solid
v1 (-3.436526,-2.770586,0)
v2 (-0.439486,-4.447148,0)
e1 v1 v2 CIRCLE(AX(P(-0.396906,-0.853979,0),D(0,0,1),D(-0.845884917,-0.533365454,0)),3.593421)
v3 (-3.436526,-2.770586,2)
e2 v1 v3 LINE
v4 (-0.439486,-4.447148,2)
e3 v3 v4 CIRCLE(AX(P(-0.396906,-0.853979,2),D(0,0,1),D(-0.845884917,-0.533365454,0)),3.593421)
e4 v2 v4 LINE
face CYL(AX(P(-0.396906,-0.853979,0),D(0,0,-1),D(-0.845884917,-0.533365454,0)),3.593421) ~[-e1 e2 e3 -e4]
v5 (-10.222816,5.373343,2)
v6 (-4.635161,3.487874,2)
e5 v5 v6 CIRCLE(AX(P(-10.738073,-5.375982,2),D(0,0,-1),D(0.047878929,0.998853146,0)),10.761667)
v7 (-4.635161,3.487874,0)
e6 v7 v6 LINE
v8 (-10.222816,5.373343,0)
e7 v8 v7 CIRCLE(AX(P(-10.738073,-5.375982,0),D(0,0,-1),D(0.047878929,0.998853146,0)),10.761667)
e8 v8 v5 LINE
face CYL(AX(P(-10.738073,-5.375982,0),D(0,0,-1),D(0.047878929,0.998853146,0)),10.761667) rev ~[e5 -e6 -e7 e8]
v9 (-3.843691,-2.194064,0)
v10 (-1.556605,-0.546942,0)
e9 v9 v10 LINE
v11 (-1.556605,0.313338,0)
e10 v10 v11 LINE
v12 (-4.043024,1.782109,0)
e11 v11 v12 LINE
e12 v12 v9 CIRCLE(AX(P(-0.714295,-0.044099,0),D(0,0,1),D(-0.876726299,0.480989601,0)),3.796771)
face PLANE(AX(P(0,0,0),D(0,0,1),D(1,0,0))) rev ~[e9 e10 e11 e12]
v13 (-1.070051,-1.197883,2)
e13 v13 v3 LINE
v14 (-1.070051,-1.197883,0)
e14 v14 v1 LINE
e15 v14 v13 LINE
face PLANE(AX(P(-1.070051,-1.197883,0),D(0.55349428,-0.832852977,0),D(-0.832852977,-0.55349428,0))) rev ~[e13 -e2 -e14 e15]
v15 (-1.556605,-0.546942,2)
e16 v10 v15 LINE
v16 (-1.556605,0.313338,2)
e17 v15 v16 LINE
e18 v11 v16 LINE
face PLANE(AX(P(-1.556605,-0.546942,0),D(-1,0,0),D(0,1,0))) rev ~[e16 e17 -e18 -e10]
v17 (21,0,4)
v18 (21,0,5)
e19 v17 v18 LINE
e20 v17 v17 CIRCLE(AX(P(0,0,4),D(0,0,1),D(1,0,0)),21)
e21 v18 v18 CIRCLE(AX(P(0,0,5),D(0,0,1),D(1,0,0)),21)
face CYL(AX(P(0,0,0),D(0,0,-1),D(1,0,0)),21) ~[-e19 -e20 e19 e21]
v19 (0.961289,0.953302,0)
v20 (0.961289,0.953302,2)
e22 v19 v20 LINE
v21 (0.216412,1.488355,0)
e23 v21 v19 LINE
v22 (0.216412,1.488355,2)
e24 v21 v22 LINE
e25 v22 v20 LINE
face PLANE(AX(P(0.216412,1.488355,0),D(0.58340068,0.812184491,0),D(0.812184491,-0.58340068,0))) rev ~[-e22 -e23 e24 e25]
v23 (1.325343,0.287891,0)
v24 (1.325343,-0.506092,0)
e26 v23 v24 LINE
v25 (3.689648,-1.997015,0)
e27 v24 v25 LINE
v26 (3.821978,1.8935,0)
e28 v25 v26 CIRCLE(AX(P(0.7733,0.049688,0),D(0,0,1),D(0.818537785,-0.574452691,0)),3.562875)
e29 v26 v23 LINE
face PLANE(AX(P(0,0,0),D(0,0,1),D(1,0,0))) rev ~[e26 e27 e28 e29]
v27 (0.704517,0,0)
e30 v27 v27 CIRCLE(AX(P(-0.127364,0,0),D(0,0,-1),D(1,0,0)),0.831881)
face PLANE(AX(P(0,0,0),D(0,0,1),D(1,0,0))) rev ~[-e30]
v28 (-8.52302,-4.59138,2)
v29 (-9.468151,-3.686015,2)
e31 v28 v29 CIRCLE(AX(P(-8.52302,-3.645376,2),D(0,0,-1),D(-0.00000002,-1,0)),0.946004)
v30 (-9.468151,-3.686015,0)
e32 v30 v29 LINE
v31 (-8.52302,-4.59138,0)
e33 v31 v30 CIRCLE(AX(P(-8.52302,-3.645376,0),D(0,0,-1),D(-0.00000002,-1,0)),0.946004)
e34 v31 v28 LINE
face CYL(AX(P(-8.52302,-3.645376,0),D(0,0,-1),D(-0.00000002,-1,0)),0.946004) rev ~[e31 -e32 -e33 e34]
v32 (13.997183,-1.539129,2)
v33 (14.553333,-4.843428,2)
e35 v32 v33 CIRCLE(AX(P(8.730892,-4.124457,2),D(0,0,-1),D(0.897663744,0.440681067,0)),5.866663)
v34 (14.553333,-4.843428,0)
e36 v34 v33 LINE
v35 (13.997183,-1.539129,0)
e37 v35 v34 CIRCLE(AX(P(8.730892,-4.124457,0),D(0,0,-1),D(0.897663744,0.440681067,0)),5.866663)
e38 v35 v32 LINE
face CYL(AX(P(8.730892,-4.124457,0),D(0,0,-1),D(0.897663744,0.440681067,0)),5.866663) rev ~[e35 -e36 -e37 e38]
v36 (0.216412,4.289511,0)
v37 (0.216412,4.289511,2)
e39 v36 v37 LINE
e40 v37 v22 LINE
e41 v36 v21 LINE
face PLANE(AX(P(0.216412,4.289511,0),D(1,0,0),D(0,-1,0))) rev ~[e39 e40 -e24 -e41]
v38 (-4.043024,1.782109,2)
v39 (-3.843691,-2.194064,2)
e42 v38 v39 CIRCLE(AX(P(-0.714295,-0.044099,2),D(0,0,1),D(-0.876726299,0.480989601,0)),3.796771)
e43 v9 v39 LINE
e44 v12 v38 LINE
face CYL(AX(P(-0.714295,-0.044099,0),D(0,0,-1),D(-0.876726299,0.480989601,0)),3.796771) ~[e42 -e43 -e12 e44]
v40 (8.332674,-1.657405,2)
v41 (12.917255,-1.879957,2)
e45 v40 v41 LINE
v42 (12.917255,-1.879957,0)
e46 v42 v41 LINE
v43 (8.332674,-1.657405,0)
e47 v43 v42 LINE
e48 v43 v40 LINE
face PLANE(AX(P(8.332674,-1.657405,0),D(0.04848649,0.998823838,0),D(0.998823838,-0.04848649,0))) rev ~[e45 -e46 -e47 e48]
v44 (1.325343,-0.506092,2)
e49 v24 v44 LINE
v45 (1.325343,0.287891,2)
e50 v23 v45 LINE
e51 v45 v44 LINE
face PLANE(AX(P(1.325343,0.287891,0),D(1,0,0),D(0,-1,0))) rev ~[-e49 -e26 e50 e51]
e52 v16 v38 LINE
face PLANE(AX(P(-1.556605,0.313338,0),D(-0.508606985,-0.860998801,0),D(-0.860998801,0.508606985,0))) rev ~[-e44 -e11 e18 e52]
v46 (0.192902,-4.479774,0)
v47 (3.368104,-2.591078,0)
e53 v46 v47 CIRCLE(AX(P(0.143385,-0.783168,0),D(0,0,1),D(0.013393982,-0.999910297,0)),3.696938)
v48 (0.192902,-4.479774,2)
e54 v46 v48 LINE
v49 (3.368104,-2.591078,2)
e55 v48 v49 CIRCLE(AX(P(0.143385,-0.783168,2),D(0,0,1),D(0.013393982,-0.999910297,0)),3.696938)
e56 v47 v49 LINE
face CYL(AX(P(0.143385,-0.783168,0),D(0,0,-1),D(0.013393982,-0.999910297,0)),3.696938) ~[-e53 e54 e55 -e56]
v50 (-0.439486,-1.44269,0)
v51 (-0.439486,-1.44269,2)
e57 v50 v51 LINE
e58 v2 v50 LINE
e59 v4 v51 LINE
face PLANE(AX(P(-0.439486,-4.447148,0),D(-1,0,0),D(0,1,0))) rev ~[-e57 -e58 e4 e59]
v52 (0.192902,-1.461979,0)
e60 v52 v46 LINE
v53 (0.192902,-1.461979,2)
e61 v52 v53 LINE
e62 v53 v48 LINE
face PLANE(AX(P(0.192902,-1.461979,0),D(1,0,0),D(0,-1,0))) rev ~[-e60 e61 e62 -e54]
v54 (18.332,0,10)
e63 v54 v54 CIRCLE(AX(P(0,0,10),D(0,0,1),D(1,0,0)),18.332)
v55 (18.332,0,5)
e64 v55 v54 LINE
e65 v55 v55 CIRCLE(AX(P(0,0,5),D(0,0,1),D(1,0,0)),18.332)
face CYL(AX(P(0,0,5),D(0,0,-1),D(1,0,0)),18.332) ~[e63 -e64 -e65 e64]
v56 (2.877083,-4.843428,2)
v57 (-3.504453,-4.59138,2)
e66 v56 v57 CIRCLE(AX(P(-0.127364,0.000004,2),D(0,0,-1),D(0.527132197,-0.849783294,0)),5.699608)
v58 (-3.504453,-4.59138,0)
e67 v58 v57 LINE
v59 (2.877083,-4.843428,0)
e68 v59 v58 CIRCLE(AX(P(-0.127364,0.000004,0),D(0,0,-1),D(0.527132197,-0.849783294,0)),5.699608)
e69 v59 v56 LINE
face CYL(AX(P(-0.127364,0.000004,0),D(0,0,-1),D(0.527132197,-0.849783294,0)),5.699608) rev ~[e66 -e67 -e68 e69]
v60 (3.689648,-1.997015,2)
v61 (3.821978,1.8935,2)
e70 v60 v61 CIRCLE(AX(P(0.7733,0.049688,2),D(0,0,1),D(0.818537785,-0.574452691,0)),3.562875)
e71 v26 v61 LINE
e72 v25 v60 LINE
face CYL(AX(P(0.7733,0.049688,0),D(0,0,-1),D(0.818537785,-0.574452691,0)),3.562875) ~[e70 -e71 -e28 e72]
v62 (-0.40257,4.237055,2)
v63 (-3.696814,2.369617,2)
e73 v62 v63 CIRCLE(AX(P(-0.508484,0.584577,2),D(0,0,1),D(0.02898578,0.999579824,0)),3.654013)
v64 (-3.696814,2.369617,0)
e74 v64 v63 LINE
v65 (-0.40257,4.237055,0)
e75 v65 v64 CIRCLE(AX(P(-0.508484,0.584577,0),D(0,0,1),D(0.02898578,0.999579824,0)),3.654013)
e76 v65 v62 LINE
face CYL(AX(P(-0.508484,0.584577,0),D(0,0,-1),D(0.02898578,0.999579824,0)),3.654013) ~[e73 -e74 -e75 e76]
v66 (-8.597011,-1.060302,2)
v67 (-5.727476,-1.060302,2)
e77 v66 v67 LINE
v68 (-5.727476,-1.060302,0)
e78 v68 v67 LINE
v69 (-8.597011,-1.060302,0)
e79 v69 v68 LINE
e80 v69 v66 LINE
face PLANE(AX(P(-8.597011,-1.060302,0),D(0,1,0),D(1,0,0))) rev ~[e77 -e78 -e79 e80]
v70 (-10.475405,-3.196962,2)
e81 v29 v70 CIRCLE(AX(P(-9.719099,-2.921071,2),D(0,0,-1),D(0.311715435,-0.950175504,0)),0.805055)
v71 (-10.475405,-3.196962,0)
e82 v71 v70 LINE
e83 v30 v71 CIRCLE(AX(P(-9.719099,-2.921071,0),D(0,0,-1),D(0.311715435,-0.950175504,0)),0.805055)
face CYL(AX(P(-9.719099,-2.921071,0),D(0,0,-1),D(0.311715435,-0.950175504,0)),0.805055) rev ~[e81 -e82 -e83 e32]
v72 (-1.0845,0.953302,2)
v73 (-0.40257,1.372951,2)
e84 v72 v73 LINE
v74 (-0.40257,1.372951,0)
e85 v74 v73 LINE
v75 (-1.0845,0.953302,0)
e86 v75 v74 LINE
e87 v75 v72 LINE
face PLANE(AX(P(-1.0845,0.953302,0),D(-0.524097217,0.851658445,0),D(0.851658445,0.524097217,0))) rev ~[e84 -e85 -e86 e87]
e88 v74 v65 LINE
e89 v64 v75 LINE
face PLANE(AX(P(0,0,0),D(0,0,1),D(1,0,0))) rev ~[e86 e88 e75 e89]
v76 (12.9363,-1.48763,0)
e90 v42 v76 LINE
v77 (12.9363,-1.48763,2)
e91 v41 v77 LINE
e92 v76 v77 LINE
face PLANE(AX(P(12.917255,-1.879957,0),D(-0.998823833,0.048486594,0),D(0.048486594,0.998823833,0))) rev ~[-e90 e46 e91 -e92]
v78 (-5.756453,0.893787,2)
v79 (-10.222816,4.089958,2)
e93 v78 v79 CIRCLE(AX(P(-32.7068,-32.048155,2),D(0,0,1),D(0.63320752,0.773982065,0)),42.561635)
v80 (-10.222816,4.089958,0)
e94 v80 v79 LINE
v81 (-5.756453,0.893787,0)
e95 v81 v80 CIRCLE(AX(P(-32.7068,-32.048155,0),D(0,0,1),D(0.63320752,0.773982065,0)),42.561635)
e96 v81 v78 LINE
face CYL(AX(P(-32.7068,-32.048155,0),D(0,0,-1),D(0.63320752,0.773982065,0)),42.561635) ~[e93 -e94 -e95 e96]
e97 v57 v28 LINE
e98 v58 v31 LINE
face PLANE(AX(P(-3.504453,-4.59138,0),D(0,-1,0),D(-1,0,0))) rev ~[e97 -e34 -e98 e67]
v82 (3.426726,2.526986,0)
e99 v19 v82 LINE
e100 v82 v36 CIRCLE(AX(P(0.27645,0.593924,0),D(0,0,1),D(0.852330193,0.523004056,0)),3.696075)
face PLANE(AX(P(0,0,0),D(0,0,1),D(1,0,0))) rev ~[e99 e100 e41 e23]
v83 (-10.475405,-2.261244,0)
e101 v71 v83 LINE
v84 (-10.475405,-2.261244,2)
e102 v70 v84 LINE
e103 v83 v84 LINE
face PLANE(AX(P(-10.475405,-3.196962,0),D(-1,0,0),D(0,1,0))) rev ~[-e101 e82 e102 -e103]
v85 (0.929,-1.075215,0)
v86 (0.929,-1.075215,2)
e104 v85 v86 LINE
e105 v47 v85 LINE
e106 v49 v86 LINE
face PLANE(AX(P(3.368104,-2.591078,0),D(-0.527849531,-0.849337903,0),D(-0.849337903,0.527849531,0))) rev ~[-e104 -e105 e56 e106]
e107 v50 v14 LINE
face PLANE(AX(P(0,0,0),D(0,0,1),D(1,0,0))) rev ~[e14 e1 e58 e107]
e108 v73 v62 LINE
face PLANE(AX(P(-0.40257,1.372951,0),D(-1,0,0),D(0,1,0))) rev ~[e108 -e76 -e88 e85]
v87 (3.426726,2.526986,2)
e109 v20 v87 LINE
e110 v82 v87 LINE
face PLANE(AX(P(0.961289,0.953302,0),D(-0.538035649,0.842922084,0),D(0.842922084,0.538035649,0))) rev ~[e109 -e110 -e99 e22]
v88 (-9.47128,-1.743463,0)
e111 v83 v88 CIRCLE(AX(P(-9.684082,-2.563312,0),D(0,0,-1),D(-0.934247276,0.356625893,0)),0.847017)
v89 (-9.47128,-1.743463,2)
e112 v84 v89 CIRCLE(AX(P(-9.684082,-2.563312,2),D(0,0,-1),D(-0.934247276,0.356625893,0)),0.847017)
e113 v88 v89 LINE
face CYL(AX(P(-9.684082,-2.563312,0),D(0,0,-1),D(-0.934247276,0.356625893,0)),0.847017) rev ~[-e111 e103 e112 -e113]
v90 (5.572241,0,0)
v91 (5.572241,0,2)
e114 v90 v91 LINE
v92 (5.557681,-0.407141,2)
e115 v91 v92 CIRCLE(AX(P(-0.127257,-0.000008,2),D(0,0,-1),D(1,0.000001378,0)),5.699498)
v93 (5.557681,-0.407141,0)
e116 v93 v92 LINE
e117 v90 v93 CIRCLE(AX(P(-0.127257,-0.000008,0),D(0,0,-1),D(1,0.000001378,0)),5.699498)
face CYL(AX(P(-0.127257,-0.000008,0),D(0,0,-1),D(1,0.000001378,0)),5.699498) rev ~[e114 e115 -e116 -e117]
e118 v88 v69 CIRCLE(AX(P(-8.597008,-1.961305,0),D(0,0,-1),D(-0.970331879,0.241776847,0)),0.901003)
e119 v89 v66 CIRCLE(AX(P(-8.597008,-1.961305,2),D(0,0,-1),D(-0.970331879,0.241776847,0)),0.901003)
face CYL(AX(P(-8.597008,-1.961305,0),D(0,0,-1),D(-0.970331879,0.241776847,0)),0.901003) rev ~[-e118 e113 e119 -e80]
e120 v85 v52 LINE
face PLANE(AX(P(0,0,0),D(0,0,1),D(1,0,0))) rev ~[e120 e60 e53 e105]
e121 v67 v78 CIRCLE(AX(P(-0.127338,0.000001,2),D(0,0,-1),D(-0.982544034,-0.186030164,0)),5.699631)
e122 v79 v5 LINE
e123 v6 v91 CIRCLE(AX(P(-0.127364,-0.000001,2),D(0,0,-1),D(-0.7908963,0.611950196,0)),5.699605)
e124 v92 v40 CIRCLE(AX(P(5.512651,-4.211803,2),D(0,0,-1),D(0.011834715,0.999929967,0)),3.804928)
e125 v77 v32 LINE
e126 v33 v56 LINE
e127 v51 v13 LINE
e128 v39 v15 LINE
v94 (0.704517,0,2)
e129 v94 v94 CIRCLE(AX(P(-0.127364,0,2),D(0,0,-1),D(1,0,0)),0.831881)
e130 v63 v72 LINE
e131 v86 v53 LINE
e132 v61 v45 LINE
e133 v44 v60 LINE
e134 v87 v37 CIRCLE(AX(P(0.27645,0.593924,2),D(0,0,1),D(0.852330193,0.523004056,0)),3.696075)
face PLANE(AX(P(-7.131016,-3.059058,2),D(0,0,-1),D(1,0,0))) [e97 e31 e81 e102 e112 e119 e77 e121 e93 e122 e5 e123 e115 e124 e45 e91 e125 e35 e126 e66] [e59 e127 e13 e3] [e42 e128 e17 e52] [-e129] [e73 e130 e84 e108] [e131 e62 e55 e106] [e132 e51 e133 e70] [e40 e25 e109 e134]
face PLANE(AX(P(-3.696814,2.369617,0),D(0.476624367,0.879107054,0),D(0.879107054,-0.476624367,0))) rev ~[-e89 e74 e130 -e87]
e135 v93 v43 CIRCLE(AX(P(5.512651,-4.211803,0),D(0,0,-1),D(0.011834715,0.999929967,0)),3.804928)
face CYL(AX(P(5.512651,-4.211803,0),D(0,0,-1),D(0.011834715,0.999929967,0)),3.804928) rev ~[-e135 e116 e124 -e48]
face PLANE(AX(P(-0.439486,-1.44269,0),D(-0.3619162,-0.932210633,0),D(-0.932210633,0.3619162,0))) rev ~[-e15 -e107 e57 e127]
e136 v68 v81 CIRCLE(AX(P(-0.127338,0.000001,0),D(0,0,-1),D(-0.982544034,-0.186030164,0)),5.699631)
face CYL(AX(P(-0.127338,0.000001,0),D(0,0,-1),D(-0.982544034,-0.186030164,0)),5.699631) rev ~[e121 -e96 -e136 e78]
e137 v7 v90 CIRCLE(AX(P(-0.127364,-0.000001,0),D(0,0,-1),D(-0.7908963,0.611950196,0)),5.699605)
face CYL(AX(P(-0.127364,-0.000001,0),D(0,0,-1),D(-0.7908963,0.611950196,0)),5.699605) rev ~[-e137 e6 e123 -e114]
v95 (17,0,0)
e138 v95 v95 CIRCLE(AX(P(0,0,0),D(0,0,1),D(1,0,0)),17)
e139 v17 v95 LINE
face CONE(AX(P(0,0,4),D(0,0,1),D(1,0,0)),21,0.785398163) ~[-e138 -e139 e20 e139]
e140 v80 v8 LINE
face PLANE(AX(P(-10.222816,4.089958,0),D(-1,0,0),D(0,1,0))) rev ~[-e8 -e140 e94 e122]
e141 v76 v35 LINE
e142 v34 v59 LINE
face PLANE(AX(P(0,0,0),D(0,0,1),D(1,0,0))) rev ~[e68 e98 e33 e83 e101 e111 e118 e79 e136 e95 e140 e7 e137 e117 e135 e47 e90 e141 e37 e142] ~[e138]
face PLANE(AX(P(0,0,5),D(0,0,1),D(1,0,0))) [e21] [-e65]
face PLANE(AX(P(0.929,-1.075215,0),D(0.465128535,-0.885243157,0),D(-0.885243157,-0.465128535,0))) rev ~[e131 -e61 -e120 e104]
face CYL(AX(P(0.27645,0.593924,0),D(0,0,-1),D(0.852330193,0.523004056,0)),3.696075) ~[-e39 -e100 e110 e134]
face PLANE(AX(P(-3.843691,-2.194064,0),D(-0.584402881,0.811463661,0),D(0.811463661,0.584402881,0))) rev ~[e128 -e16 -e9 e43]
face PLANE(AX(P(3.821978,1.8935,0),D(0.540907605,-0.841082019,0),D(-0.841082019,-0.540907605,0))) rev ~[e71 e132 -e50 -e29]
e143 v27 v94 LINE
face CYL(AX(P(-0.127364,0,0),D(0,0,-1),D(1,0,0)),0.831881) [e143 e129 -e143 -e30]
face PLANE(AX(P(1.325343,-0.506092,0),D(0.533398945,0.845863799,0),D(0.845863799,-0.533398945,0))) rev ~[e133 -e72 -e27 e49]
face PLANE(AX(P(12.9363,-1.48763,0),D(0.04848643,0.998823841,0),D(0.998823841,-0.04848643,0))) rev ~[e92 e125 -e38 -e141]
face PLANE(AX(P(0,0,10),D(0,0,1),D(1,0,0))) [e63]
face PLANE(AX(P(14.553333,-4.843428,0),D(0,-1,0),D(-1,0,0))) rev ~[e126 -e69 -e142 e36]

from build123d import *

# Parameters (mm, degrees)
F0_R     = 21
F1_DEPTH = 5
F2_R     = 18.332
F3_DEPTH = 5
F4_R     = 0.831881
F5_DEPTH = 2
F6_SIZE  = 4


with BuildPart() as f1:
    # F0 (on Top) → F1 (new body)
    with BuildSketch(Plane.XY):
        Circle(F0_R)
    extrude(amount=F1_DEPTH)

    # F2 (on face) → F3 (join)
    with BuildSketch(Plane.XY.offset(5)):
        Circle(F2_R)
    extrude(amount=F3_DEPTH)

    # F4 (on face) → F5 (cut)
    with BuildSketch(Plane(origin=(0, 0, 0), x_dir=(1, 0, 0), z_dir=(0, 0, -1))):
        with BuildLine():
            Line((-8.597011, 1.060302), (-5.727476, 1.060302))
            ThreePointArc((-5.727476, 1.060302), (-4.950709, 3.036583), (-3.504453, 4.59138))
            Line((-3.504453, 4.59138), (-8.52302, 4.59138))
            ThreePointArc((-8.52302, 4.59138), (-9.17742, 4.328519), (-9.468151, 3.686015))
            ThreePointArc((-9.468151, 3.686015), (-10.070724, 3.645277), (-10.475405, 3.196962))
            Line((-10.475405, 3.196962), (-10.475405, 2.261244))
            ThreePointArc((-10.475405, 2.261244), (-10.072278, 1.81049), (-9.47128, 1.743463))
            ThreePointArc((-9.47128, 1.743463), (-9.151775, 1.251347), (-8.597011, 1.060302))
        make_face()
        with BuildLine():
            ThreePointArc((-3.504453, 4.59138), (-4.950709, 3.036583), (-5.727476, 1.060302))
            ThreePointArc((-5.727476, 1.060302), (-5.826342, 0.084509), (-5.756453, -0.893787))
            ThreePointArc((-5.756453, -0.893787), (-5.359136, -2.261429), (-4.635161, -3.487874))
            ThreePointArc((-4.635161, -3.487874), (1.715573, -5.393429), (5.572241, 0))
            ThreePointArc((5.572241, 0), (5.5686, 0.2037), (5.557681, 0.407141))
            ThreePointArc((5.557681, 0.407141), (4.75085, 2.947629), (2.877083, 4.843428))
            ThreePointArc((2.877083, 4.843428), (-0.352303, 5.695164), (-3.504453, 4.59138))
        make_face()
        with BuildLine():
            Line((-0.40257, -1.372951), (-0.40257, -4.237055))
            ThreePointArc((-0.40257, -4.237055), (-2.31047, -3.76336), (-3.696814, -2.369617))
            Line((-3.696814, -2.369617), (-1.0845, -0.953302))
            Line((-1.0845, -0.953302), (-0.40257, -1.372951))
        make_face(mode=Mode.SUBTRACT)
        with BuildLine():
            Line((0.216412, -4.289511), (0.216412, -1.488355))
            Line((0.216412, -1.488355), (0.961289, -0.953302))
            Line((0.961289, -0.953302), (3.426726, -2.526986))
            ThreePointArc((3.426726, -2.526986), (2.055218, -3.833824), (0.216412, -4.289511))
        make_face(mode=Mode.SUBTRACT)
        with BuildLine():
            Line((-1.556605, 0.546942), (-1.556605, -0.313338))
            Line((-1.556605, -0.313338), (-4.043024, -1.782109))
            ThreePointArc((-4.043024, -1.782109), (-4.506304, 0.234199), (-3.843691, 2.194064))
            Line((-3.843691, 2.194064), (-1.556605, 0.546942))
        make_face(mode=Mode.SUBTRACT)
        with Locations((-0.127364, 0)):
            Circle(F4_R, mode=Mode.SUBTRACT)
        with BuildLine():
            Line((-0.439486, 1.44269), (-1.070051, 1.197883))
            Line((-1.070051, 1.197883), (-3.436526, 2.770586))
            ThreePointArc((-3.436526, 2.770586), (-2.151244, 3.990055), (-0.439486, 4.447148))
            Line((-0.439486, 4.447148), (-0.439486, 1.44269))
        make_face(mode=Mode.SUBTRACT)
        with BuildLine():
            Line((3.821978, -1.8935), (1.325343, -0.287891))
            Line((1.325343, -0.287891), (1.325343, 0.506092))
            Line((1.325343, 0.506092), (3.689648, 1.997015))
            ThreePointArc((3.689648, 1.997015), (4.334116, 0.071428), (3.821978, -1.8935))
        make_face(mode=Mode.SUBTRACT)
        with BuildLine():
            Line((3.368104, 2.591078), (0.929, 1.075215))
            Line((0.929, 1.075215), (0.192902, 1.461979))
            Line((0.192902, 1.461979), (0.192902, 4.479774))
            ThreePointArc((0.192902, 4.479774), (2.033345, 3.960494), (3.368104, 2.591078))
        make_face(mode=Mode.SUBTRACT)
        with BuildLine():
            ThreePointArc((-4.635161, -3.487874), (-5.359136, -2.261429), (-5.756453, -0.893787))
            ThreePointArc((-5.756453, -0.893787), (-7.938026, -2.56399), (-10.222816, -4.089958))
            Line((-10.222816, -4.089958), (-10.222816, -5.373343))
            ThreePointArc((-10.222816, -5.373343), (-7.297319, -4.820816), (-4.635161, -3.487874))
        make_face()
        with BuildLine():
            Line((14.553333, 4.843428), (2.877083, 4.843428))
            ThreePointArc((2.877083, 4.843428), (4.75085, 2.947629), (5.557681, 0.407141))
            ThreePointArc((5.557681, 0.407141), (7.075636, 0.742717), (8.332674, 1.657405))
            Line((8.332674, 1.657405), (12.917255, 1.879957))
            Line((12.917255, 1.879957), (12.9363, 1.48763))
            Line((12.9363, 1.48763), (13.997183, 1.539129))
            ThreePointArc((13.997183, 1.539129), (14.516183, 3.150728), (14.553333, 4.843428))
        make_face()
    extrude(amount=-F5_DEPTH, mode=Mode.SUBTRACT)

    # F6
    f6_edges = [f1.edges().sort_by_distance(p)[0] for p in [
        (-21, 0, 0),
    ]]
    chamfer(f6_edges, length=F6_SIZE)


solid = f1.part
